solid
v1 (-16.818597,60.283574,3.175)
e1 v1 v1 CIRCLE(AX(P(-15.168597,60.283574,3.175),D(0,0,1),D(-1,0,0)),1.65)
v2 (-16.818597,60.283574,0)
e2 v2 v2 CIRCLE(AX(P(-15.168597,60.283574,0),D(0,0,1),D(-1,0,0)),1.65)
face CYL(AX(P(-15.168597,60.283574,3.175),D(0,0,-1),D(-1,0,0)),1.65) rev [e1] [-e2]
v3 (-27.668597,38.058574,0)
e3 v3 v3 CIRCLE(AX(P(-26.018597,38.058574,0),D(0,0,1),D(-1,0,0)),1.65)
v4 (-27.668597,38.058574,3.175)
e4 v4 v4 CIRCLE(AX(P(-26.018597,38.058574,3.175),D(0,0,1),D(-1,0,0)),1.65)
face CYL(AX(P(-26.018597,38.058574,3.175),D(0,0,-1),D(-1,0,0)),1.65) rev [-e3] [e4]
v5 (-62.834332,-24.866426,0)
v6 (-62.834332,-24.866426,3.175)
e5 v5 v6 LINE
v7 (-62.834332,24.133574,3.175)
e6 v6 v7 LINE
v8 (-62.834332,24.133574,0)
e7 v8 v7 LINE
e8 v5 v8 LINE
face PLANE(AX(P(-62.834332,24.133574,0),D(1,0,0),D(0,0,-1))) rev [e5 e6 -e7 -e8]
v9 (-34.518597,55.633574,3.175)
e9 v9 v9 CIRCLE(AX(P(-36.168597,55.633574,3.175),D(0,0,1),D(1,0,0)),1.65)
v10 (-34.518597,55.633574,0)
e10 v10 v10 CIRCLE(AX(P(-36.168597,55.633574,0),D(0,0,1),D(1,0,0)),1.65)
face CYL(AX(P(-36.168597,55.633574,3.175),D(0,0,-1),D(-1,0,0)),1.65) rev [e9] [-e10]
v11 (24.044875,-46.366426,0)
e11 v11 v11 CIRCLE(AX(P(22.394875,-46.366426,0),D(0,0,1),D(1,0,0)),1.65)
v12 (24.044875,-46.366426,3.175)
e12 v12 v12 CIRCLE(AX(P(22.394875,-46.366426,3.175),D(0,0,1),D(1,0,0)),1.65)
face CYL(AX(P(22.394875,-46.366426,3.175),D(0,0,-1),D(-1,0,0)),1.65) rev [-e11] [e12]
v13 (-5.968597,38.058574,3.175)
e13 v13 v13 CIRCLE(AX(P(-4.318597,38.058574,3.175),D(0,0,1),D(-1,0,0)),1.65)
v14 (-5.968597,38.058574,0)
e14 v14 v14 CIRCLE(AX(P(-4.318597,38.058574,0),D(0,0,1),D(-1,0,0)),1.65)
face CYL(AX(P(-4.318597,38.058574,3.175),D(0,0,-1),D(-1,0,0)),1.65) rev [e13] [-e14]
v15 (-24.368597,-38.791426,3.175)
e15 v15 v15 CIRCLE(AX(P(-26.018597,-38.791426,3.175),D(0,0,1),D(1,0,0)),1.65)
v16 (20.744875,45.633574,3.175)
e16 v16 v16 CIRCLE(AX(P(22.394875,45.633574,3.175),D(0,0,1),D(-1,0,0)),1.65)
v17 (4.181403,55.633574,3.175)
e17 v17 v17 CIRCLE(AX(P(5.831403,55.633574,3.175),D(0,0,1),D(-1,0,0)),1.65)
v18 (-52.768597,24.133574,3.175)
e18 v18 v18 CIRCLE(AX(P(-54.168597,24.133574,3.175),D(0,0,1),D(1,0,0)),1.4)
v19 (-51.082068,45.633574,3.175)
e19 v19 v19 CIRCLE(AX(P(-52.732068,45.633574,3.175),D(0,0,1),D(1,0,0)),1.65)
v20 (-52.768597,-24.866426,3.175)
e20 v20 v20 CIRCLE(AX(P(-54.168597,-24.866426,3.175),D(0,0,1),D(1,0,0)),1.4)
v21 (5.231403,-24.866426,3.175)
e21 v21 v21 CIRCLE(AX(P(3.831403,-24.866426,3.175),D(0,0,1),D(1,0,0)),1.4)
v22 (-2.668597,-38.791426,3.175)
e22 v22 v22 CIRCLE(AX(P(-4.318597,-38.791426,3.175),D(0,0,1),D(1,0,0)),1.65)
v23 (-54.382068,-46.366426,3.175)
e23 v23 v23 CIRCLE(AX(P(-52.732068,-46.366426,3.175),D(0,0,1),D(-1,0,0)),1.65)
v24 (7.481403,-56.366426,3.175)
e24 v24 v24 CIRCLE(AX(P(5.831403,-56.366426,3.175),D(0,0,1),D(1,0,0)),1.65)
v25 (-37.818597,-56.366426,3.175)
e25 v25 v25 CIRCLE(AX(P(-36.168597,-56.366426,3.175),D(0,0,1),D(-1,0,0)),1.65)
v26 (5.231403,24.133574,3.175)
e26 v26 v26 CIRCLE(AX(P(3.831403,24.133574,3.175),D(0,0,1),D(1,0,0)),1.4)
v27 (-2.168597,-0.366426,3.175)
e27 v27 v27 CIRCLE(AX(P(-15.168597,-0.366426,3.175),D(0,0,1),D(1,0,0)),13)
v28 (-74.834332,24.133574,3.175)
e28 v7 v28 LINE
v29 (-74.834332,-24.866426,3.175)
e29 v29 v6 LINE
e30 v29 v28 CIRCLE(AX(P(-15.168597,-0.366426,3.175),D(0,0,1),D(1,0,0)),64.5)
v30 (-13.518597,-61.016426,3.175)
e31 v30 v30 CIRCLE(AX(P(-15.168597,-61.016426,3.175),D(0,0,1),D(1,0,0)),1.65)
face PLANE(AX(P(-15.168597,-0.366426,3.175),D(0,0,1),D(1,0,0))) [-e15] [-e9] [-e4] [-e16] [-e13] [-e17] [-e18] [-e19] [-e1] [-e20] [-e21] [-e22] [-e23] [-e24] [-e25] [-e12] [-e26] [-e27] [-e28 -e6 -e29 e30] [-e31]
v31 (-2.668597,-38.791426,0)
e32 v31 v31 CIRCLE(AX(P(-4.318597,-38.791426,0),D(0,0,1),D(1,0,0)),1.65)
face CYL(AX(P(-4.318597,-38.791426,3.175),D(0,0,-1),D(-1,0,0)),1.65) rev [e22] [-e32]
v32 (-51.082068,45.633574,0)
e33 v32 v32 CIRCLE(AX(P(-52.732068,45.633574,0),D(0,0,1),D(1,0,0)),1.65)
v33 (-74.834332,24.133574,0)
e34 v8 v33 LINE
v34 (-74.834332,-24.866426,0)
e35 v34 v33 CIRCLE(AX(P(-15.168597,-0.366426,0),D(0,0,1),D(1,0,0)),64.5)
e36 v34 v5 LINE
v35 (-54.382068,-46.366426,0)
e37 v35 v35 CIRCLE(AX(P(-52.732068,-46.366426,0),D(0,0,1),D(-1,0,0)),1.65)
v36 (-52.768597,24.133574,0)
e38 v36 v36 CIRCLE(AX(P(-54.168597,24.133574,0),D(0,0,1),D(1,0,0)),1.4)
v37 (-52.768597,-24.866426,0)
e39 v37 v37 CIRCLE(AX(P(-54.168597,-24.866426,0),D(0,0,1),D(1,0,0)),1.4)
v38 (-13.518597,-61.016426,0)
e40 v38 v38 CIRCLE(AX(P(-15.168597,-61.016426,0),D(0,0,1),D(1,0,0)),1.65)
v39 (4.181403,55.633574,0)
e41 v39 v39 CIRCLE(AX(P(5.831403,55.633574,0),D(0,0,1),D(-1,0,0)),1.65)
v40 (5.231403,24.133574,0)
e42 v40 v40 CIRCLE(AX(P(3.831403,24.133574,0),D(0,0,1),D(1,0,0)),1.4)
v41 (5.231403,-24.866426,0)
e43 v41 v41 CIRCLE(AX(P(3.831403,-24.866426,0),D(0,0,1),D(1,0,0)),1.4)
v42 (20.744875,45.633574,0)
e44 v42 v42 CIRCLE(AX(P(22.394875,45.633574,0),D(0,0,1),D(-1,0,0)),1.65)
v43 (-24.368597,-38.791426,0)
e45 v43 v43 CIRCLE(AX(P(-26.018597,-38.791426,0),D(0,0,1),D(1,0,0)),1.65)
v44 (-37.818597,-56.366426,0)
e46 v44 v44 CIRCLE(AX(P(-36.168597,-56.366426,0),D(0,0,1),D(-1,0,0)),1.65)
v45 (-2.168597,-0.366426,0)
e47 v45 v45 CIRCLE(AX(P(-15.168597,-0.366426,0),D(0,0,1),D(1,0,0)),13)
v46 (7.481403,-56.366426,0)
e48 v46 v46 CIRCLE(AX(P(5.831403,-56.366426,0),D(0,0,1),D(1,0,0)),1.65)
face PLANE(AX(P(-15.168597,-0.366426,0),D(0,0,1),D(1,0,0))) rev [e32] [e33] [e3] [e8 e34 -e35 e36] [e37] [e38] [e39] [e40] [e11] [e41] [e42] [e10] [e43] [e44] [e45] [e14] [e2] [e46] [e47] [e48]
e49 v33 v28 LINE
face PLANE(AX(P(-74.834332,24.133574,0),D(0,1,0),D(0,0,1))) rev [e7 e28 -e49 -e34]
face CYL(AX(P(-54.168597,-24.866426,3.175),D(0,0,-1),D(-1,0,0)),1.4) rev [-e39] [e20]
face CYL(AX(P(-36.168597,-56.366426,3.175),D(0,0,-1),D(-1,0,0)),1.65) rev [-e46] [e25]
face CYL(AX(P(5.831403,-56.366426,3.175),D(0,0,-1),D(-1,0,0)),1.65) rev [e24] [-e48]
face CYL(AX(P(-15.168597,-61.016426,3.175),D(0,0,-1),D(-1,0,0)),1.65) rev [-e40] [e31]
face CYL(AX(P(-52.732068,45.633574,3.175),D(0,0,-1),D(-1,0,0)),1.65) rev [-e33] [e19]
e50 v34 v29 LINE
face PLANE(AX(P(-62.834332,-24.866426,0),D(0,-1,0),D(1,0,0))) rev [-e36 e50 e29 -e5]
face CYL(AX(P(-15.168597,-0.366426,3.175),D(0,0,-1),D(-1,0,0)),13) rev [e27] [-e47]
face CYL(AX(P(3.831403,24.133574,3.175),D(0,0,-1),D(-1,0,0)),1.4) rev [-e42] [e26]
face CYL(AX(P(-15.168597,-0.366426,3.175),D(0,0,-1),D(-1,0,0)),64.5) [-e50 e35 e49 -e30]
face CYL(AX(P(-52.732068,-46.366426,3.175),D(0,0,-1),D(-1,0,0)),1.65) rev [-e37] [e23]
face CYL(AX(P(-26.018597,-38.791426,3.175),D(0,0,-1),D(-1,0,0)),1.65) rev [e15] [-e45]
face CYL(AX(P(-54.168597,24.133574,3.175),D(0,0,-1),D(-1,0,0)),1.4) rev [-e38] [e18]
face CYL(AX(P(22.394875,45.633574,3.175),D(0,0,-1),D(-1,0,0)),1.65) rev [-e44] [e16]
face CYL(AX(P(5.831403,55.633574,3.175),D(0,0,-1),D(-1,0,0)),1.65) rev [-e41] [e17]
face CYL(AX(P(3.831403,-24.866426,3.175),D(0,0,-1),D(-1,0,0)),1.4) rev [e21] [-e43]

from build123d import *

# Parameters (mm, degrees)
SKETCH1_R           = 64.5
SKETCH1_R_2         = 1.65
SKETCH1_R_3         = 13
SKETCH1_R_4         = 1.4
BOSS_EXTRUDE2_DEPTH = 3.175
CUT_EXTRUDE1_DEPTH  = 3.175


with BuildPart() as part:
    # Sketch1 → Boss-Extrude2 (new body)
    with BuildSketch(Plane(origin=(0, 0, 0), x_dir=(-1, 0, 0), z_dir=(0, 0, 1))):
        with Locations((15.168596538, 0.366425758)):
            Circle(SKETCH1_R)
        with Locations((15.168596538, -60.283574242)):
            Circle(SKETCH1_R_2, mode=Mode.SUBTRACT)
        with Locations((15.168596538, 61.016425758)):
            Circle(SKETCH1_R_2, mode=Mode.SUBTRACT)
        with Locations((26.018596538, -38.058574242)):
            Circle(SKETCH1_R_2, mode=Mode.SUBTRACT)
        with Locations((4.318596538, -38.058574242)):
            Circle(SKETCH1_R_2, mode=Mode.SUBTRACT)
        with Locations((26.018596538, 38.791425758)):
            Circle(SKETCH1_R_2, mode=Mode.SUBTRACT)
        with Locations((4.318596538, 38.791425758)):
            Circle(SKETCH1_R_2, mode=Mode.SUBTRACT)
        with Locations((15.168596538, 0.366425758)):
            Circle(SKETCH1_R_3, mode=Mode.SUBTRACT)
        with Locations((54.168596538, -24.133574242)):
            Circle(SKETCH1_R_4, mode=Mode.SUBTRACT)
        with Locations((54.168596538, 24.866425758)):
            Circle(SKETCH1_R_4, mode=Mode.SUBTRACT)
        with Locations((-3.831403462, -24.133574242)):
            Circle(SKETCH1_R_4, mode=Mode.SUBTRACT)
        with Locations((-3.831403462, 24.866425758)):
            Circle(SKETCH1_R_4, mode=Mode.SUBTRACT)
        with Locations((-5.831403462, 56.366425758)):
            Circle(SKETCH1_R_2, mode=Mode.SUBTRACT)
        with Locations((-22.394874657, 46.366425758)):
            Circle(SKETCH1_R_2, mode=Mode.SUBTRACT)
        with Locations((36.168596538, 56.366425758)):
            Circle(SKETCH1_R_2, mode=Mode.SUBTRACT)
        with Locations((52.732067734, 46.366425758)):
            Circle(SKETCH1_R_2, mode=Mode.SUBTRACT)
        with Locations((52.732067734, -45.633574242)):
            Circle(SKETCH1_R_2, mode=Mode.SUBTRACT)
        with Locations((36.168596538, -55.633574242)):
            Circle(SKETCH1_R_2, mode=Mode.SUBTRACT)
        with Locations((-5.831403462, -55.633574242)):
            Circle(SKETCH1_R_2, mode=Mode.SUBTRACT)
        with Locations((-22.394874657, -45.633574242)):
            Circle(SKETCH1_R_2, mode=Mode.SUBTRACT)
    extrude(amount=BOSS_EXTRUDE2_DEPTH)

    # Sketch2 → Cut-Extrude1 (cut)
    with BuildSketch(Plane.XY.offset(3.175)):
        with BuildLine():
            Line((-74.834332099, 24.133574242), (-62.834332099, 24.133574242))
            Line((-62.834332099, 24.133574242), (-62.834332099, -24.866425758))
            Line((-62.834332099, -24.866425758), (-74.834332099, -24.866425758))
            ThreePointArc((-74.834332099, -24.866425758), (-79.668596538, -0.366425758), (-74.834332099, 24.133574242))
        make_face()
    extrude(amount=-CUT_EXTRUDE1_DEPTH, mode=Mode.SUBTRACT)


solid = part.part
